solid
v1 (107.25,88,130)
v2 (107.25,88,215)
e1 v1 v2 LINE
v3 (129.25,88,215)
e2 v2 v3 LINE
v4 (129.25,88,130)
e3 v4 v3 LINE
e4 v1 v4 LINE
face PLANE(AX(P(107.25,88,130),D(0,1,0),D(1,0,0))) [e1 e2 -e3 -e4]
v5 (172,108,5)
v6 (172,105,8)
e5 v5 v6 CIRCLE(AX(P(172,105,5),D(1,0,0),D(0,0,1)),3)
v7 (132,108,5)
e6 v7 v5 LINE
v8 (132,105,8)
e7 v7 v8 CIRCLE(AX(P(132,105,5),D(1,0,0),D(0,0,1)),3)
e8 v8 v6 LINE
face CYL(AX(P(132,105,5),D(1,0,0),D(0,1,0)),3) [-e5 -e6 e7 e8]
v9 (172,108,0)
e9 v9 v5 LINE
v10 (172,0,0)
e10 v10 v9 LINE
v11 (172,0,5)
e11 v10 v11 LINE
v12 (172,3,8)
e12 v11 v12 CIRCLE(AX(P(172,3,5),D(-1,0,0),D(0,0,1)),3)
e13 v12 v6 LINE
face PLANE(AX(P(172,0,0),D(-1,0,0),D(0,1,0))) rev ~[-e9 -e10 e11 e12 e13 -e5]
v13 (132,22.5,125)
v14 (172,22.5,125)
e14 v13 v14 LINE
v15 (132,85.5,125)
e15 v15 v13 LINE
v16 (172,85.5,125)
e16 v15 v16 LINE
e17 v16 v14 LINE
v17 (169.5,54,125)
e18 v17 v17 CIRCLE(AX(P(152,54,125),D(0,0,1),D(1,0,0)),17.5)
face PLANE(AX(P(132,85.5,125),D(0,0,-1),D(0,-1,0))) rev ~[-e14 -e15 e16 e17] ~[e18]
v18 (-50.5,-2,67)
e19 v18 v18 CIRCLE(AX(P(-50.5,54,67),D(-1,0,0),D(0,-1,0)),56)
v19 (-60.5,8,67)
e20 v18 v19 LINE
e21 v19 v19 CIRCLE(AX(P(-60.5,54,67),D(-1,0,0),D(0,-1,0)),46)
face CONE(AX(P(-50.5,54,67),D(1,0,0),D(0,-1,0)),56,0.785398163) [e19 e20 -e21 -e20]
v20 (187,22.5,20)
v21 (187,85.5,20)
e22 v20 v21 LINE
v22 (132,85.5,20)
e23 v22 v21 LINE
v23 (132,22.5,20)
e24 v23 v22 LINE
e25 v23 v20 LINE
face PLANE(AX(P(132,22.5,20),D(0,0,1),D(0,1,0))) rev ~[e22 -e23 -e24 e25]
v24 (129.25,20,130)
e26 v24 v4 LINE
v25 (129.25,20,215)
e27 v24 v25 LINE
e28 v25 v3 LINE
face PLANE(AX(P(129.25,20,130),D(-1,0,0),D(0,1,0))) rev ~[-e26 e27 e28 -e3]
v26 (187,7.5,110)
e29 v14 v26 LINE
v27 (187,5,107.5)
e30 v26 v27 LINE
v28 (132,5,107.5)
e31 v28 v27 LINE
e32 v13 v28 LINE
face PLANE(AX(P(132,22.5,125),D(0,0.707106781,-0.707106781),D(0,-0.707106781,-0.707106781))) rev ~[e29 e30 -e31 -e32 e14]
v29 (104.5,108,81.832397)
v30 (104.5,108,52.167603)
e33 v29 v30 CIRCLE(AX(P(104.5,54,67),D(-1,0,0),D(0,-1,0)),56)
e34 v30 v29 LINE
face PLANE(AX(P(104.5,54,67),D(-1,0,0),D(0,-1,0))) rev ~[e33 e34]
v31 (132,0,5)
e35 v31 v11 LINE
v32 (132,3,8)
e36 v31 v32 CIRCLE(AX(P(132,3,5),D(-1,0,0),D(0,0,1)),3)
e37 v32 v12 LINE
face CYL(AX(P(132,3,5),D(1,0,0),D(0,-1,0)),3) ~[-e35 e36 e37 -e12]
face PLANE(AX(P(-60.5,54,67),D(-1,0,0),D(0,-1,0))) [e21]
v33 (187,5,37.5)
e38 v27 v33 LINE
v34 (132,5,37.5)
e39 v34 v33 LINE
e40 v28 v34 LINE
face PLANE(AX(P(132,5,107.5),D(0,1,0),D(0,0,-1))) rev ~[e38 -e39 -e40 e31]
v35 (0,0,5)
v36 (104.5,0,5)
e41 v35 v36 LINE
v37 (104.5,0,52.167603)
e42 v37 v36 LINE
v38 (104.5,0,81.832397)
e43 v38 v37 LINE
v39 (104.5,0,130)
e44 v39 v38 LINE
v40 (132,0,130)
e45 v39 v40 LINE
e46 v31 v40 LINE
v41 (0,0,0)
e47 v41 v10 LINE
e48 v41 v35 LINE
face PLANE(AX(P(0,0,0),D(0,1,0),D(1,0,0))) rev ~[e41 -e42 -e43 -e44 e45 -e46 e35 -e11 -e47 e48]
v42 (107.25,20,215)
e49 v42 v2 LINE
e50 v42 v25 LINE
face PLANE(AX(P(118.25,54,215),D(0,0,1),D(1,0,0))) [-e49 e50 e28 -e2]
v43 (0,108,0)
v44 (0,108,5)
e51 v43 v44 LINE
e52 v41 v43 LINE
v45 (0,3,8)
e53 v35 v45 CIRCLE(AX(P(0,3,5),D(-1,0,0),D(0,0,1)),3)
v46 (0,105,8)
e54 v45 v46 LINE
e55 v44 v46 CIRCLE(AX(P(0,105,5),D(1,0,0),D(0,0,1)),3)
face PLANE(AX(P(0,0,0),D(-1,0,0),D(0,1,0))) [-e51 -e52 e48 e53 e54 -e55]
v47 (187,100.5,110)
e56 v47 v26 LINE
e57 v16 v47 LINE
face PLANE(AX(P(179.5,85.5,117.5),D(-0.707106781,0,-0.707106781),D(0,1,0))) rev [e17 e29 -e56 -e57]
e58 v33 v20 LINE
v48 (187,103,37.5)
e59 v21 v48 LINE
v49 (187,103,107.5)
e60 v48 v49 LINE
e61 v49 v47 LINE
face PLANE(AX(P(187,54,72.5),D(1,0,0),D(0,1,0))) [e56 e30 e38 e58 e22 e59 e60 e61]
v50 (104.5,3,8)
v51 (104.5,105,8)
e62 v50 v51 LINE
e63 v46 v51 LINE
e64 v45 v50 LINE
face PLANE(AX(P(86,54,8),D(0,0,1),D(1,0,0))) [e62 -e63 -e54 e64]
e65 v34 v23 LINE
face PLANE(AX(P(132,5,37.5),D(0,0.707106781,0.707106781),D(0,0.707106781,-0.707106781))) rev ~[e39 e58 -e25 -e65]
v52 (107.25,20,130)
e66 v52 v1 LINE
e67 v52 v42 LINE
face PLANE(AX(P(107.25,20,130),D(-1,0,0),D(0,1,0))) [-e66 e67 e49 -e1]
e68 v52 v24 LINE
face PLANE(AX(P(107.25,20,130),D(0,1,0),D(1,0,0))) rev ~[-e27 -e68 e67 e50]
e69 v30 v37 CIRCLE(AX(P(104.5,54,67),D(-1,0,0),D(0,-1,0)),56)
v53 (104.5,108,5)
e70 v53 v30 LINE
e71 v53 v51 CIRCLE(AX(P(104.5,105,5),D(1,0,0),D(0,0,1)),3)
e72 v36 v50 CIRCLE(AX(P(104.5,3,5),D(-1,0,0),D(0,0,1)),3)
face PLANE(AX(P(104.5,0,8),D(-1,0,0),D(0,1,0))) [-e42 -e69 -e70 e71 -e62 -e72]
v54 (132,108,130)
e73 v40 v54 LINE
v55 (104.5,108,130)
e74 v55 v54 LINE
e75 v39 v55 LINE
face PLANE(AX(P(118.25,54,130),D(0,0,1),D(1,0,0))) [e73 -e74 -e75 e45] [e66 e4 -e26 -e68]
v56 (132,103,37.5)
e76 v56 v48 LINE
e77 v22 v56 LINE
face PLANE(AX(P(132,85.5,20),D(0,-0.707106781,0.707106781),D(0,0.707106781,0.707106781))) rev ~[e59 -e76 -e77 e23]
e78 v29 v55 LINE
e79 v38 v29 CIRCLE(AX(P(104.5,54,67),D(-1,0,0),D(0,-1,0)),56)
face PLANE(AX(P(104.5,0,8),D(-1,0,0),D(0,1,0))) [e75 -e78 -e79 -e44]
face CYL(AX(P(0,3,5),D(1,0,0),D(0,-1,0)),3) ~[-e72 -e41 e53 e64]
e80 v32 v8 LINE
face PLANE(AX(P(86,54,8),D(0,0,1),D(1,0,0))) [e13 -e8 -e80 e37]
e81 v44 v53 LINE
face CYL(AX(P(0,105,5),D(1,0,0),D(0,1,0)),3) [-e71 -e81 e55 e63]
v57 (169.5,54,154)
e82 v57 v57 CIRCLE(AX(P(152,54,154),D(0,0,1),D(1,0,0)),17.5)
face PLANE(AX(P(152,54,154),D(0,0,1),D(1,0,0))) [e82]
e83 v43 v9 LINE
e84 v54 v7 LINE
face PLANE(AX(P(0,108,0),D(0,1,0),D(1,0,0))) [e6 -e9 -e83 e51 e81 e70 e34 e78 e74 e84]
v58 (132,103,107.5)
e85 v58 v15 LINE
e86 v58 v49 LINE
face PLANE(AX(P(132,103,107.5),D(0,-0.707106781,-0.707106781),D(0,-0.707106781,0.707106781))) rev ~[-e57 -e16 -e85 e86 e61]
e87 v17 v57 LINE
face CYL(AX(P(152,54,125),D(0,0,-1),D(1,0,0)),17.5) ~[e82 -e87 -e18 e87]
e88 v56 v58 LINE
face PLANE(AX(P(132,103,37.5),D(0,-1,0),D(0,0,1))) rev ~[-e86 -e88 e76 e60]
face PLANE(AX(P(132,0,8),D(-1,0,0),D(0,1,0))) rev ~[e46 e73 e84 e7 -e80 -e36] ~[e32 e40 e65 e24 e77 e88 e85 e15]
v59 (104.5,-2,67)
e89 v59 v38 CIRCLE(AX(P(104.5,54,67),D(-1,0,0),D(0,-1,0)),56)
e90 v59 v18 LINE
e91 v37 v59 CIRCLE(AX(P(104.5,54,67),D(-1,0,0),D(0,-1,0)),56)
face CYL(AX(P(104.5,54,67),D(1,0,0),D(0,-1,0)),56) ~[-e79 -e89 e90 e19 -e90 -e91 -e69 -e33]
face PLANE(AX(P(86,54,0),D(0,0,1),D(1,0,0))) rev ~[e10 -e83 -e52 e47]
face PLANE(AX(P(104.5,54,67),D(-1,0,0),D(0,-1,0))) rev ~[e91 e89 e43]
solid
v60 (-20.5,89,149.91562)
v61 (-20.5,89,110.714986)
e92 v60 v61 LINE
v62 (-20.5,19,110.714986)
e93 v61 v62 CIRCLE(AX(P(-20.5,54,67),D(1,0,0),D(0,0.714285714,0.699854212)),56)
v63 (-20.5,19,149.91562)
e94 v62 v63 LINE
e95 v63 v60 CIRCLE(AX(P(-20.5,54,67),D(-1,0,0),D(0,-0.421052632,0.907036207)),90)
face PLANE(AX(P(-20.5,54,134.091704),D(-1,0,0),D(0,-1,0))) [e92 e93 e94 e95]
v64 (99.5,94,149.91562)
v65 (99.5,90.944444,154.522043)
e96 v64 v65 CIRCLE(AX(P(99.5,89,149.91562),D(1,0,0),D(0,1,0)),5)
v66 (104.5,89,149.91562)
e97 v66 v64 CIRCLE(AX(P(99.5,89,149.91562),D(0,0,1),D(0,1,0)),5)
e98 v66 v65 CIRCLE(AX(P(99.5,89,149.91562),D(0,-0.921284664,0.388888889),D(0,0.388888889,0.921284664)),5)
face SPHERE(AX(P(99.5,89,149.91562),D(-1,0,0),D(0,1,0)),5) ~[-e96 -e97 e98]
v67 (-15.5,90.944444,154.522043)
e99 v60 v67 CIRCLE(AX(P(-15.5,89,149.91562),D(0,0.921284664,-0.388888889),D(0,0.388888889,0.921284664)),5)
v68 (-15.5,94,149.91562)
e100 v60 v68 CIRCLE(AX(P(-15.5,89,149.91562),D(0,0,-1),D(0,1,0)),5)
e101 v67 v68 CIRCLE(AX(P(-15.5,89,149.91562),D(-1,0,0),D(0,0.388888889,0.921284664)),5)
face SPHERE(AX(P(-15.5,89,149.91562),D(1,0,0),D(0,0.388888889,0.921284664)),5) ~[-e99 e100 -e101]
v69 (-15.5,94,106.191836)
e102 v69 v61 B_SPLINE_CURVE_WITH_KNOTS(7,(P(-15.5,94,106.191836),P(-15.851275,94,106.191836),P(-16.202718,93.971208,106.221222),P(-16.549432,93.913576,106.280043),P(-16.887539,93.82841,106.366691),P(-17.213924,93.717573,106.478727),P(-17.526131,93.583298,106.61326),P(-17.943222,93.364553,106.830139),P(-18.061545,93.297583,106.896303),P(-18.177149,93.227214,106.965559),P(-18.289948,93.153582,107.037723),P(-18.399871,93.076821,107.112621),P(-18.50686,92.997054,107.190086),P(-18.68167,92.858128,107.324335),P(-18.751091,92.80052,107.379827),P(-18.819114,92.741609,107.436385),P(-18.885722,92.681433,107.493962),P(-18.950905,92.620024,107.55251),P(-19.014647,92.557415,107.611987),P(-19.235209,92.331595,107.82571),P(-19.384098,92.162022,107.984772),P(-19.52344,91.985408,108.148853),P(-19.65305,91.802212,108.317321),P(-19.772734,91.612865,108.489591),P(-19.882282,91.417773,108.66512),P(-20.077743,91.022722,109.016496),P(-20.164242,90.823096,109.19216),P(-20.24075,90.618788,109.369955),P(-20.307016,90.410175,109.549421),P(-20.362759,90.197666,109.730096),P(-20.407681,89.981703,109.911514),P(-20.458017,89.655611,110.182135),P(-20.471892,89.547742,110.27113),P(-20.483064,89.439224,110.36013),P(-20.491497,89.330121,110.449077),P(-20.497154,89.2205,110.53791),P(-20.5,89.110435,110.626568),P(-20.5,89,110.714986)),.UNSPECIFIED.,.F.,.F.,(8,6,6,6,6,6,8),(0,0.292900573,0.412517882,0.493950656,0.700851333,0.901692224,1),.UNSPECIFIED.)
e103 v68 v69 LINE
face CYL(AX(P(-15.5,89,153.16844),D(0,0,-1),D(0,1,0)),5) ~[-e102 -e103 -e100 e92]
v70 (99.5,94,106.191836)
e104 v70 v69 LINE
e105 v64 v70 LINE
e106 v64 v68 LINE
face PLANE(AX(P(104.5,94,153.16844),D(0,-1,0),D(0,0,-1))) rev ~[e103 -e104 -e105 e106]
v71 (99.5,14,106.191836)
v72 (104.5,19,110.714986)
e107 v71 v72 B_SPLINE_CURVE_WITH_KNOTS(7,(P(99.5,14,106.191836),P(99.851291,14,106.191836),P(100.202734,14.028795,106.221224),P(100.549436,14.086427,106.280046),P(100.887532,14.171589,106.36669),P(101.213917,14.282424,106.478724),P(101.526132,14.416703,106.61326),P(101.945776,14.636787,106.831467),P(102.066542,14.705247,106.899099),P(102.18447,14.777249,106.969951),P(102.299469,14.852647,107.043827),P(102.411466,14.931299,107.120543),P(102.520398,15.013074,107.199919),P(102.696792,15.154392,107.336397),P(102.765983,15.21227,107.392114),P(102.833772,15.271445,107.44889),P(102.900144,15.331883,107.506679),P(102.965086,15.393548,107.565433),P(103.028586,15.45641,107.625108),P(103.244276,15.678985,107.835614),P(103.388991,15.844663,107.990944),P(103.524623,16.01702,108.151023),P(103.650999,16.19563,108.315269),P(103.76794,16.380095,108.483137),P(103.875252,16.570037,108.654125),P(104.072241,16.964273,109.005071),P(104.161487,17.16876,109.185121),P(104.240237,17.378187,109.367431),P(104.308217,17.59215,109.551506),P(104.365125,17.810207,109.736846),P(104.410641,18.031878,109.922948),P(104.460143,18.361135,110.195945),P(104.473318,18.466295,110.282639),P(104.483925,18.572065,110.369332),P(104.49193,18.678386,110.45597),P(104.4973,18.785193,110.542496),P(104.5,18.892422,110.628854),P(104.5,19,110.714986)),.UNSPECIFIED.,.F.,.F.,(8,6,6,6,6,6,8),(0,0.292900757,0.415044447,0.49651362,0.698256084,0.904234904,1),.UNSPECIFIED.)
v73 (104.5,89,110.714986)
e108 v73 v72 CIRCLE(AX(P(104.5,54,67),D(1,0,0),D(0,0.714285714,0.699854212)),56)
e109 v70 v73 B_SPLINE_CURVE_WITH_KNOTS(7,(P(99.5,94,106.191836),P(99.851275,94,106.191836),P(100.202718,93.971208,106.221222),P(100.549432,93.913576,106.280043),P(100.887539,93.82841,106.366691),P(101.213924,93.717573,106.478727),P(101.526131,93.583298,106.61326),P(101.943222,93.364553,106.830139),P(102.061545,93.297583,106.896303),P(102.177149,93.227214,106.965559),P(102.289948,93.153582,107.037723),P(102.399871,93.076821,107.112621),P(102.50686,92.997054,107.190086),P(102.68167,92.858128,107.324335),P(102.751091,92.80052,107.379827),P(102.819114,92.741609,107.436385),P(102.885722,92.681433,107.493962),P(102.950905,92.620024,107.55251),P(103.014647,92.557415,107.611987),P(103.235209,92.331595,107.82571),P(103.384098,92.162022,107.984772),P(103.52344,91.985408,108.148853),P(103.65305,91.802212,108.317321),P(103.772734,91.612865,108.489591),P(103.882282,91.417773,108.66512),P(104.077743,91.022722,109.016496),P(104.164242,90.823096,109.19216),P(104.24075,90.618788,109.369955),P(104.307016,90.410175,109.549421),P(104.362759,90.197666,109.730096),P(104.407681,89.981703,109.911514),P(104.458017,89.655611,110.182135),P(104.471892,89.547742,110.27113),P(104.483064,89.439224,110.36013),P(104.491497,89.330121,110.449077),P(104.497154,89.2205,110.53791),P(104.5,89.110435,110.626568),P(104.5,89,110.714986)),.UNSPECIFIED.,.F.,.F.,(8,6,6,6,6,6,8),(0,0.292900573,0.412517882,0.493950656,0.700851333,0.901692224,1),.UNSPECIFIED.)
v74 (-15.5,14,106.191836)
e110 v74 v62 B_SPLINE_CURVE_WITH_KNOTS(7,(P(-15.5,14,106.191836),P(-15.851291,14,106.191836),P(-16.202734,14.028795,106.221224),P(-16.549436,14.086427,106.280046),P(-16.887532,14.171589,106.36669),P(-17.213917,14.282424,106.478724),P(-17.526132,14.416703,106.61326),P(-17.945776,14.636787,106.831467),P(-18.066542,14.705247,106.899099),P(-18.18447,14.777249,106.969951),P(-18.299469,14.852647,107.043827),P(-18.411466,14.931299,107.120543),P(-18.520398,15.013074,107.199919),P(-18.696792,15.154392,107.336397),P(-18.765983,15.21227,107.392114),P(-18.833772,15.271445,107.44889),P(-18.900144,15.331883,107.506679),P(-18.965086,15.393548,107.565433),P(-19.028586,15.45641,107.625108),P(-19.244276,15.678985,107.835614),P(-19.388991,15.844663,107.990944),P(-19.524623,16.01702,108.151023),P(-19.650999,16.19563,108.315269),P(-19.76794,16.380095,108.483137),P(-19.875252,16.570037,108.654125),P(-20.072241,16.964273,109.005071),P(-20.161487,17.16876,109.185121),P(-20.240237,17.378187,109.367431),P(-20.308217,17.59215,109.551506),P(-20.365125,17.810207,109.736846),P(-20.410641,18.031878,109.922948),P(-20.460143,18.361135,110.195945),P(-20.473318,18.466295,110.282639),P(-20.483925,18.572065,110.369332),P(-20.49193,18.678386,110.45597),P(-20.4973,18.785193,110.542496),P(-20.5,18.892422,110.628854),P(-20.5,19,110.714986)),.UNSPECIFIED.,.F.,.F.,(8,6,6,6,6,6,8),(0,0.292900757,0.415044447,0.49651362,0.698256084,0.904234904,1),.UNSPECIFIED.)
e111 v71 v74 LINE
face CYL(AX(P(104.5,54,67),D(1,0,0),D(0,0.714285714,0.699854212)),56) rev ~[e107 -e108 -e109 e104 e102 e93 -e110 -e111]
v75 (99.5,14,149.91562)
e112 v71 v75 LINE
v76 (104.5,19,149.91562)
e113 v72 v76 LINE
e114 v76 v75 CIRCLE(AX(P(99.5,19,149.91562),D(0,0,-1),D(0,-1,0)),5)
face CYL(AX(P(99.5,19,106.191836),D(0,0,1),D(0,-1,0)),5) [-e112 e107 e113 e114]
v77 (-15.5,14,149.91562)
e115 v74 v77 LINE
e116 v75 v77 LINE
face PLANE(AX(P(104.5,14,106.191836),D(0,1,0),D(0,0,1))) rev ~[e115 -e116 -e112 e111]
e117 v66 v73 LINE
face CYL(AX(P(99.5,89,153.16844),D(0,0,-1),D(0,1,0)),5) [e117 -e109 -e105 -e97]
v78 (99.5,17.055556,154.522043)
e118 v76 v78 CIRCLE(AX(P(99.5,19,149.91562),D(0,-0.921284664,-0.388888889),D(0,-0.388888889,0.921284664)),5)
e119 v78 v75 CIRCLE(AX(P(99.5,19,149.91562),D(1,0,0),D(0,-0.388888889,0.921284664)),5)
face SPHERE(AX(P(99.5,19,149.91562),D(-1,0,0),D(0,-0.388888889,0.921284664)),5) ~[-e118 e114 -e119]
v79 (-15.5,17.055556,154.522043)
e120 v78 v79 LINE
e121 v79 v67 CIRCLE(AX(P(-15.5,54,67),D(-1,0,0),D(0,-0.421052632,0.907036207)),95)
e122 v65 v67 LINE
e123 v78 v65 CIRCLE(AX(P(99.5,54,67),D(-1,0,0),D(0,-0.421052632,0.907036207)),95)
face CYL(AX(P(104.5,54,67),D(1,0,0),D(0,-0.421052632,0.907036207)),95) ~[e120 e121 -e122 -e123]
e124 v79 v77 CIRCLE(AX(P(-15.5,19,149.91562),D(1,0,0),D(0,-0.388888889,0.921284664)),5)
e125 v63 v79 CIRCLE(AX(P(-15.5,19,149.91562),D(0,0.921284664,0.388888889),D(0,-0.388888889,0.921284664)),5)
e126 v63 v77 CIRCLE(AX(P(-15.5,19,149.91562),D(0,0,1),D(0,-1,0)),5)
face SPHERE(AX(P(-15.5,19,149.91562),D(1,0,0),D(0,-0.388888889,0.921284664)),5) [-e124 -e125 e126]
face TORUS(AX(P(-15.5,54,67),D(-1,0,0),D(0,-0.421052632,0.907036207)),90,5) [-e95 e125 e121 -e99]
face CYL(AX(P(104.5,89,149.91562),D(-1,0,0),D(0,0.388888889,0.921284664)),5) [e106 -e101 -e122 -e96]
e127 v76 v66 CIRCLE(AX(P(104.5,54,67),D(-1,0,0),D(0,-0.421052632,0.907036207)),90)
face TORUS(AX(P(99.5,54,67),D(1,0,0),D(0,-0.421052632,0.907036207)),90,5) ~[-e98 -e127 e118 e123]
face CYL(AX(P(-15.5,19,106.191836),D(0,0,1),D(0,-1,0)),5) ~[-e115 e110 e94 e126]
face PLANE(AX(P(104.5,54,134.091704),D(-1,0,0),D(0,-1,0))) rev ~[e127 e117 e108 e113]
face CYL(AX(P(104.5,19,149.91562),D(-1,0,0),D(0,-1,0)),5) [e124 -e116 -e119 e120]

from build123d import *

# Parameters (mm, degrees)
F0_W      = 172
F0_H      = 108
F1_DEPTH  = 8
F2_W      = 27.5
F2_H      = 108
F3_DEPTH  = 122
F4_R      = 3
F6_DEPTH  = 55
F7_SIZE   = 15
F8_R      = 17.5
F9_DEPTH  = 29
F10_R     = 56
F11_DEPTH = 165
F12_SIZE  = 10
F14_DEPTH = 125
F15_R     = 5
F16_W     = 22
F16_H     = 68
F17_DEPTH = 85


with BuildPart() as f1:
    # F0 (on Top) → F1 (new body)
    with BuildSketch(Plane.XY):
        with Locations((86, 54)):
            Rectangle(F0_W, F0_H)
    extrude(amount=F1_DEPTH)

    # F2 (on face) → F3 (join)
    with BuildSketch(Plane.XY.offset(8)):
        with Locations((118.25, 54)):
            Rectangle(F2_W, F2_H)
    extrude(amount=F3_DEPTH)

    # F4
    f4_edges = [f1.edges().sort_by_distance(p)[0] for p in [
        (52.25, 0, 8),
        (52.25, 108, 8),
        (152, 108, 8),
        (152, 0, 8),
    ]]
    fillet(f4_edges, radius=F4_R)

    # F5 (on face) → F6 (join)
    with BuildSketch(Plane.YZ.offset(132)):
        Polygon((22.5, 20), (85.5, 20), (103, 37.5), (103, 107.5), (85.5, 125), (22.5, 125), (5, 107.5), (5, 37.5), align=None)
    extrude(amount=F6_DEPTH)

    # F7
    f7_edges = [f1.edges().sort_by_distance(p)[0] for p in [
        (187, 54, 125),
    ]]
    chamfer(f7_edges, length=F7_SIZE)

    # F8 (on face) → F9 (join)
    with BuildSketch(Plane.XY.offset(125)):
        with Locations((152, 54)):
            Circle(F8_R)
    extrude(amount=F9_DEPTH)

    # F10 (on face) → F11 (join)
    with BuildSketch(Plane(origin=(104.5, 0, 0), x_dir=(0, -1, 0), z_dir=(-1, 0, 0))):
        with Locations((-54, 67)):
            Circle(F10_R)
    extrude(amount=F11_DEPTH)

    # F12
    f12_edges = [f1.edges().sort_by_distance(p)[0] for p in [
        (-60.5, 110, 67),
    ]]
    chamfer(f12_edges, length=F12_SIZE)

    # F16 (on face) → F17 (join)
    with BuildSketch(Plane.XY.offset(130)):
        with Locations((118.25, 54)):
            Rectangle(F16_W, F16_H)
    extrude(amount=F17_DEPTH)


with BuildPart() as f14:
    # F13 (on face) → F14 (new body)
    with BuildSketch(Plane(origin=(104.5, 0, 0), x_dir=(0, -1, 0), z_dir=(-1, 0, 0))):
        with BuildLine():
            Line((-14, 106.1918358845), (-14, 153.1684396981))
            ThreePointArc((-14, 153.1684396981), (-54, 162), (-94, 153.1684396981))
            Line((-94, 153.1684396981), (-94, 106.1918358845))
            ThreePointArc((-94, 106.1918358845), (-54, 123), (-14, 106.1918358845))
        make_face()
    extrude(amount=F14_DEPTH)

    # F15
    f15_edges = [f14.edges().sort_by_distance(p)[0] for p in [
        (42, 14, 153.16844),
        (-20.5, 54, 162),
        (-20.5, 14, 129.680138),
        (-20.5, 94, 129.680138),
        (104.5, 54, 162),
        (42, 94, 153.16844),
        (104.5, 14, 129.680138),
        (104.5, 94, 129.680138),
    ]]
    fillet(f15_edges, radius=F15_R)


solid = Compound([f1.part, f14.part])
